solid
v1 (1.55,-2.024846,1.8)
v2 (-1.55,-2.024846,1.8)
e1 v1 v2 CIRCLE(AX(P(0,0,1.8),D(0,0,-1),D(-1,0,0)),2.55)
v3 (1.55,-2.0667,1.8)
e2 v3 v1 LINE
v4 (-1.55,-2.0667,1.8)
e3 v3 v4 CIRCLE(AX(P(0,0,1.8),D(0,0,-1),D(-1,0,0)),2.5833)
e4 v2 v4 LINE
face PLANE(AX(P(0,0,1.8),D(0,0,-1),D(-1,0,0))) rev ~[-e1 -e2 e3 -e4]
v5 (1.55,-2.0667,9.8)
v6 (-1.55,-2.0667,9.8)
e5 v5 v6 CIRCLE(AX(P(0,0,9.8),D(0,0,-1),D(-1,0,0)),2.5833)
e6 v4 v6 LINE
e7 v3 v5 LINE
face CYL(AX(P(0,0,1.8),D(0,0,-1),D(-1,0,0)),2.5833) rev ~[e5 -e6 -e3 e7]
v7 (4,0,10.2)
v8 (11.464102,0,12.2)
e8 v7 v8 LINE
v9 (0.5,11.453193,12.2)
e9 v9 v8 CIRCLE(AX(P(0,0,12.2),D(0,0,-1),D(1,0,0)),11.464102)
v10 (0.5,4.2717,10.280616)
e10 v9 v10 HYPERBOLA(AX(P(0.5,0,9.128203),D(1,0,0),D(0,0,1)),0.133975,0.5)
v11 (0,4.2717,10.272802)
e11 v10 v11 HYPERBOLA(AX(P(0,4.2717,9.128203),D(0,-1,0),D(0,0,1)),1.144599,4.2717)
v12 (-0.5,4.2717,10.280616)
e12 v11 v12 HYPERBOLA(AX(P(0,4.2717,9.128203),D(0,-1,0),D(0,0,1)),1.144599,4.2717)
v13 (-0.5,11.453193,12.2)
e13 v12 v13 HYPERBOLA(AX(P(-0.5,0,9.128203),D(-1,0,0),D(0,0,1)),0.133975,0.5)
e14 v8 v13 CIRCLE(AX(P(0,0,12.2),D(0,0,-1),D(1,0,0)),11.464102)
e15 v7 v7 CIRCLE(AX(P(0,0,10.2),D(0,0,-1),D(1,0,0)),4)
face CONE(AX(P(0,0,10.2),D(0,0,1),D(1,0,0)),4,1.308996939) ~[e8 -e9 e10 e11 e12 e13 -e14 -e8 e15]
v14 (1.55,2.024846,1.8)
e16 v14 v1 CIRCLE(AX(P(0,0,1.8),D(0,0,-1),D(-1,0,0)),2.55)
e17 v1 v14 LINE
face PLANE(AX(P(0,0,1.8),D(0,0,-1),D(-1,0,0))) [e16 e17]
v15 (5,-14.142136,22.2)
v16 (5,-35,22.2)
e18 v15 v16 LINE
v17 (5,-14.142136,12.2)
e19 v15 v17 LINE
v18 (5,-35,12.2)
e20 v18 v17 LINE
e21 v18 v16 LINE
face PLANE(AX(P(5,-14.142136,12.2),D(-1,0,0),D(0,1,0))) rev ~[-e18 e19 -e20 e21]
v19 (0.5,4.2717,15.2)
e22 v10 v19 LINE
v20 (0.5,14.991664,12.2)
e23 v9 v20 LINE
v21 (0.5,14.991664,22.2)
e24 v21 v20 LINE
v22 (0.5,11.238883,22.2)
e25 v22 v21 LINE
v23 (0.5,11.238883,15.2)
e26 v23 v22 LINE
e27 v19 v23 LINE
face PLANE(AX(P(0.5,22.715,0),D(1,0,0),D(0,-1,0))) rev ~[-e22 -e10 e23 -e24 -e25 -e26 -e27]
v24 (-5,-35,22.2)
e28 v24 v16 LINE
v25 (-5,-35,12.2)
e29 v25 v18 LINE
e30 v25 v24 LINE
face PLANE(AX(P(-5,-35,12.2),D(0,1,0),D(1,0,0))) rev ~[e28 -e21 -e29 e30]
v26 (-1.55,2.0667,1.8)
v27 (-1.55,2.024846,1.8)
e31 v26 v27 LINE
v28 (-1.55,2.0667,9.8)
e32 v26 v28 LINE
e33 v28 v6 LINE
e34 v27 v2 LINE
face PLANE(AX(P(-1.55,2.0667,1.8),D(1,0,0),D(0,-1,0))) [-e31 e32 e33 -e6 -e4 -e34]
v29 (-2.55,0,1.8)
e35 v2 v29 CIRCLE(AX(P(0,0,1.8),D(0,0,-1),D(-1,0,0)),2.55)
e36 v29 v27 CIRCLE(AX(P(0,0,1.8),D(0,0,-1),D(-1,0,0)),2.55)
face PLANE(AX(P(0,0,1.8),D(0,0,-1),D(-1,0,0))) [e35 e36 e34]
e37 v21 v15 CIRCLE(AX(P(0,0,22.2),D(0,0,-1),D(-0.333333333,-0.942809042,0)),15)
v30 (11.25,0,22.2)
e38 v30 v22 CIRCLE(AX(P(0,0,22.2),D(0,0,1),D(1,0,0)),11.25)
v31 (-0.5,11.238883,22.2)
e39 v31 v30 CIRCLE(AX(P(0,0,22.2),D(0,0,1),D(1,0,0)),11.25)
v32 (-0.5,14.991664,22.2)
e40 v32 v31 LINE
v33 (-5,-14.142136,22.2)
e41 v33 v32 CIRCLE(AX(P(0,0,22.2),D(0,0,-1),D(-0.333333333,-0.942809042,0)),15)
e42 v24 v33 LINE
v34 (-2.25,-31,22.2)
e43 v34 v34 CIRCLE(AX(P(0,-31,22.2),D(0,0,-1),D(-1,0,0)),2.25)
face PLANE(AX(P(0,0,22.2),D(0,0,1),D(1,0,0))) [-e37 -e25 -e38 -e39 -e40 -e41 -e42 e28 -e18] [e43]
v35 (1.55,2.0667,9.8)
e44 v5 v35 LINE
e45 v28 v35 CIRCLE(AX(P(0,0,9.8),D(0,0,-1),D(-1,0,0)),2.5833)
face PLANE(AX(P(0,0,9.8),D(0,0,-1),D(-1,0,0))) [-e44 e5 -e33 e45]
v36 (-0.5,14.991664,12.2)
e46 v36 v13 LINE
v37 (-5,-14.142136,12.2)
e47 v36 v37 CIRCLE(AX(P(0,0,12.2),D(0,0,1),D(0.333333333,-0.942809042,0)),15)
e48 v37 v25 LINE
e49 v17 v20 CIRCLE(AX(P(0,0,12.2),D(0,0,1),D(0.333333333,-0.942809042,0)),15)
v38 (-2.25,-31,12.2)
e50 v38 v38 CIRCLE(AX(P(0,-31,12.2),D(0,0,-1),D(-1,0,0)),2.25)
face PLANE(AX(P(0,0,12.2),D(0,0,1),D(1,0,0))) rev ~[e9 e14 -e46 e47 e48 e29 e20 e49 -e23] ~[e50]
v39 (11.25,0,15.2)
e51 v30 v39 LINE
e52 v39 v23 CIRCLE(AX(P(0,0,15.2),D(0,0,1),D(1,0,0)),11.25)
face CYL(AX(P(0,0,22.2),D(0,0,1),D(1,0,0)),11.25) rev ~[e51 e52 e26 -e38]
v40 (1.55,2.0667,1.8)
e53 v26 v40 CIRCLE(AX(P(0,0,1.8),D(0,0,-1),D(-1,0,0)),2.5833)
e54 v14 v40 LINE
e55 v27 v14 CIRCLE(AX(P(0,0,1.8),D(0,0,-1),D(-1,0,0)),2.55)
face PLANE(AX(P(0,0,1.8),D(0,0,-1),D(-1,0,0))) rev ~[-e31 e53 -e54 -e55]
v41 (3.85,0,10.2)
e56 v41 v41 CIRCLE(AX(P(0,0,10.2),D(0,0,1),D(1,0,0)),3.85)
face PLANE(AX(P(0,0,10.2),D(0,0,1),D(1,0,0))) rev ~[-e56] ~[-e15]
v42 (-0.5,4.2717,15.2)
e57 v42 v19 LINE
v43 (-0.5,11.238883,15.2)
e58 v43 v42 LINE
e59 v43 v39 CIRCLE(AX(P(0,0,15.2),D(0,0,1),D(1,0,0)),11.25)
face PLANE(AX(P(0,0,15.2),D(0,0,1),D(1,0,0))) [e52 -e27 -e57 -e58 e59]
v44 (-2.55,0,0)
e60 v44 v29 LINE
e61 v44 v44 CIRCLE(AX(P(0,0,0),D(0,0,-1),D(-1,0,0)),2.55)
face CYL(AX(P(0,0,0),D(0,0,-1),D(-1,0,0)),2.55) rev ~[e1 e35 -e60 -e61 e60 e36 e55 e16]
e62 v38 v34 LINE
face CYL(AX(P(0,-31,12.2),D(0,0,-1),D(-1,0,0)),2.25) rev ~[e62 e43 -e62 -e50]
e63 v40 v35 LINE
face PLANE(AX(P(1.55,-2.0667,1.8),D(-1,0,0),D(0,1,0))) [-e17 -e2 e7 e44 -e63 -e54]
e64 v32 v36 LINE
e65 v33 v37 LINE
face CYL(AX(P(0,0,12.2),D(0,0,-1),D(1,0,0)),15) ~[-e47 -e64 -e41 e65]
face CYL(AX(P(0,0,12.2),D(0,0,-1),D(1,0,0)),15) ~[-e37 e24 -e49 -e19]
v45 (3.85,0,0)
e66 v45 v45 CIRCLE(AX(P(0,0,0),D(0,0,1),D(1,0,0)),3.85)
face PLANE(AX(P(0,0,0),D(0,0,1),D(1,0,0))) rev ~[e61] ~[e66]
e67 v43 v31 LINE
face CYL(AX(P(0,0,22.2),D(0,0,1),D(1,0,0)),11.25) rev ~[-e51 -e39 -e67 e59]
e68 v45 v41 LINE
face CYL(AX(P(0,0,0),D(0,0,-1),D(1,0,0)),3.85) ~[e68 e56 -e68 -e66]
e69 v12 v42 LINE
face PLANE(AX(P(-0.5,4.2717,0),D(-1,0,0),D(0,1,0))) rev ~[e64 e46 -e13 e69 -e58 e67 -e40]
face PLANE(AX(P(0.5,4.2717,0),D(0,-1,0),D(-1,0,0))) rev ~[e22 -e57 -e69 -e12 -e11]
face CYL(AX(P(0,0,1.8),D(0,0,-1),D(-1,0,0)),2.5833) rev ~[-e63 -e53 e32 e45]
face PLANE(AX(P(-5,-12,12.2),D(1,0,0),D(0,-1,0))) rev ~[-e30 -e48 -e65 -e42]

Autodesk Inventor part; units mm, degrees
ref_plane "YZ Plane" through (0, 0, 0) normal (1, 0, 0) x (0, 1, 0)
ref_plane "XZ Plane" through (0, 0, 0) normal (0, 1, 0) x (-1, 0, 0)
ref_plane "XY Plane" through (0, 0, 0) normal (0, 0, 1) x (1, 0, 0)
sketch "Sketch1" plane through (0, 0, 0) normal (0, 0, 1) x (1, 0, 0)
  circle A0 centre (0, 0) radius 3.85
  dimension "d0" = 7.7
extrude "Extrusion1" add sketch "Sketch1" along normal blind 10.2
sketch "Sketch2" plane through (0, 0, 10.2) normal (0, 0, 1) x (1, 0, 0)
  circle A0 centre (0, 0) radius 4
  dimension "d3" = 8
extrude "Extrusion2" add sketch "Sketch2" along normal blind 2 draft 75
sketch "Sketch3" plane through (0, 0, 12.2) normal (0, 0, 1) x (1, 0, 0)
  circle A0 centre (0, 0) radius 15
  dimension "d6" = 30
extrude "Extrusion3" add sketch "Sketch3" along normal blind 10
sketch "Sketch5" plane through (0, 0, 22.2) normal (0, 0, 1) x (1, 0, 0)
  circle A0 centre (0, 0) radius 11.25
  dimension "d11" = 22.5
extrude "Extrusion5" cut sketch "Sketch5" against normal blind 7
sketch "Sketch6" plane through (0, 0, 0) normal (0, 0, -1) x (-1, 0, 0)
  circle A0 centre (0, 0) radius 2.55
  dimension "d14" = 5.1
extrude "Extrusion6" cut sketch "Sketch6" against normal blind 1.8
sketch "Sketch7" plane through (0, 0, 1.8) normal (0, 0, -1) x (-1, 0, 0)
  point P0 (0, 0)
sketch "Sketch8" plane through (0, 0, 1.8) normal (0, 0, -1) x (-1, 0, 0)
  line L0 (-1.55, 2.0667) -> (1.55, 2.0667)
  line L1 (1.55, 2.0667) -> (1.55, -2.0667)
  line L2 (1.55, -2.0667) -> (-1.55, -2.0667)
  line L3 (-1.55, -2.0667) -> (-1.55, 2.0667)
  line L4 (-1.55, 2.0667) -> (1.55, -2.0667) construction
  line L5 (1.55, 2.0667) -> (-1.55, -2.0667) construction
  circle A0 centre (0, 0) radius 2.5833
  arc A1 (1.55, 2.0667) -> (-1.55, 2.0667) centre (0, 0) ccw
  arc A2 (-1.55, -2.0667) -> (1.55, -2.0667) centre (0, 0) ccw
  arc A3 (1.55, 2.0667) -> (-1.55, 2.0667) centre (0, 0.6019) ccw
  arc A4 (-1.55, -2.0667) -> (1.55, -2.0667) centre (0, -0.6159) ccw
  dimension "d17" = 3.1
extrude "Extrusion7" cut sketch "Sketch8" against normal blind 8 contours A0 L0 | L0 L1 L2 L3 | L2 A0
sketch "Sketch9" plane through (0, 0, 12.2) normal (0, 0, -1) x (-1, 0, 0)
  line L0 (-5, -12) -> (5, -12)
  line L1 (5, -12) -> (5, -35)
  line L2 (5, -35) -> (-5, -35)
  line L3 (-5, -35) -> (-5, -12)
  circle A0 centre (0, 0) radius 15 projected
  point P0 (0, -15)
  dimension "d25" = 20
  dimension "d30" = 5
  dimension "d31" = 5
  dimension "d32" = 3
extrude "Extrusion8" add sketch "Sketch9" against normal blind 10 contours L0 L1 A0 L3 | A0 L1 L2 L3 picked at (0.5652, -12.968)
sketch "Sketch10" plane through (0, 0, 12.2) normal (0, 0, -1) x (-1, 0, 0)
  circle A0 centre (0, -31) radius 2.25
  line L0 (-5, -35) -> (5, -35) projected
  point P0 (0, 0)
  dimension "d33" = 4.5
  dimension "d34" = 4
extrude "Extrusion9" cut sketch "Sketch10" against normal through all
sketch "Sketch11" plane through (0, 0, 22.2) normal (0, 0, 1) x (1, 0, 0)
  point P0 (0, 0)
sketch "Sketch12" plane through (0, 0, 0) normal (0, 0, -1) x (-1, 0, 0)
  line L0 (0, 4.2717) -> (0.5, 4.2717)
  line L1 (0.5, 4.2717) -> (0.5, 22.715)
  line L2 (0.5, 22.715) -> (-0.5, 22.715)
  line L3 (-0.5, 22.715) -> (-0.5, 4.2717)
  line L4 (-0.5, 4.2717) -> (0, 4.2717)
  point P0 (0, 0)
  dimension "d37" = 0.5
  dimension "d38" = 1
extrude "Extrusion10" cut sketch "Sketch12" against normal through all
properties part number "Motorshaft"
